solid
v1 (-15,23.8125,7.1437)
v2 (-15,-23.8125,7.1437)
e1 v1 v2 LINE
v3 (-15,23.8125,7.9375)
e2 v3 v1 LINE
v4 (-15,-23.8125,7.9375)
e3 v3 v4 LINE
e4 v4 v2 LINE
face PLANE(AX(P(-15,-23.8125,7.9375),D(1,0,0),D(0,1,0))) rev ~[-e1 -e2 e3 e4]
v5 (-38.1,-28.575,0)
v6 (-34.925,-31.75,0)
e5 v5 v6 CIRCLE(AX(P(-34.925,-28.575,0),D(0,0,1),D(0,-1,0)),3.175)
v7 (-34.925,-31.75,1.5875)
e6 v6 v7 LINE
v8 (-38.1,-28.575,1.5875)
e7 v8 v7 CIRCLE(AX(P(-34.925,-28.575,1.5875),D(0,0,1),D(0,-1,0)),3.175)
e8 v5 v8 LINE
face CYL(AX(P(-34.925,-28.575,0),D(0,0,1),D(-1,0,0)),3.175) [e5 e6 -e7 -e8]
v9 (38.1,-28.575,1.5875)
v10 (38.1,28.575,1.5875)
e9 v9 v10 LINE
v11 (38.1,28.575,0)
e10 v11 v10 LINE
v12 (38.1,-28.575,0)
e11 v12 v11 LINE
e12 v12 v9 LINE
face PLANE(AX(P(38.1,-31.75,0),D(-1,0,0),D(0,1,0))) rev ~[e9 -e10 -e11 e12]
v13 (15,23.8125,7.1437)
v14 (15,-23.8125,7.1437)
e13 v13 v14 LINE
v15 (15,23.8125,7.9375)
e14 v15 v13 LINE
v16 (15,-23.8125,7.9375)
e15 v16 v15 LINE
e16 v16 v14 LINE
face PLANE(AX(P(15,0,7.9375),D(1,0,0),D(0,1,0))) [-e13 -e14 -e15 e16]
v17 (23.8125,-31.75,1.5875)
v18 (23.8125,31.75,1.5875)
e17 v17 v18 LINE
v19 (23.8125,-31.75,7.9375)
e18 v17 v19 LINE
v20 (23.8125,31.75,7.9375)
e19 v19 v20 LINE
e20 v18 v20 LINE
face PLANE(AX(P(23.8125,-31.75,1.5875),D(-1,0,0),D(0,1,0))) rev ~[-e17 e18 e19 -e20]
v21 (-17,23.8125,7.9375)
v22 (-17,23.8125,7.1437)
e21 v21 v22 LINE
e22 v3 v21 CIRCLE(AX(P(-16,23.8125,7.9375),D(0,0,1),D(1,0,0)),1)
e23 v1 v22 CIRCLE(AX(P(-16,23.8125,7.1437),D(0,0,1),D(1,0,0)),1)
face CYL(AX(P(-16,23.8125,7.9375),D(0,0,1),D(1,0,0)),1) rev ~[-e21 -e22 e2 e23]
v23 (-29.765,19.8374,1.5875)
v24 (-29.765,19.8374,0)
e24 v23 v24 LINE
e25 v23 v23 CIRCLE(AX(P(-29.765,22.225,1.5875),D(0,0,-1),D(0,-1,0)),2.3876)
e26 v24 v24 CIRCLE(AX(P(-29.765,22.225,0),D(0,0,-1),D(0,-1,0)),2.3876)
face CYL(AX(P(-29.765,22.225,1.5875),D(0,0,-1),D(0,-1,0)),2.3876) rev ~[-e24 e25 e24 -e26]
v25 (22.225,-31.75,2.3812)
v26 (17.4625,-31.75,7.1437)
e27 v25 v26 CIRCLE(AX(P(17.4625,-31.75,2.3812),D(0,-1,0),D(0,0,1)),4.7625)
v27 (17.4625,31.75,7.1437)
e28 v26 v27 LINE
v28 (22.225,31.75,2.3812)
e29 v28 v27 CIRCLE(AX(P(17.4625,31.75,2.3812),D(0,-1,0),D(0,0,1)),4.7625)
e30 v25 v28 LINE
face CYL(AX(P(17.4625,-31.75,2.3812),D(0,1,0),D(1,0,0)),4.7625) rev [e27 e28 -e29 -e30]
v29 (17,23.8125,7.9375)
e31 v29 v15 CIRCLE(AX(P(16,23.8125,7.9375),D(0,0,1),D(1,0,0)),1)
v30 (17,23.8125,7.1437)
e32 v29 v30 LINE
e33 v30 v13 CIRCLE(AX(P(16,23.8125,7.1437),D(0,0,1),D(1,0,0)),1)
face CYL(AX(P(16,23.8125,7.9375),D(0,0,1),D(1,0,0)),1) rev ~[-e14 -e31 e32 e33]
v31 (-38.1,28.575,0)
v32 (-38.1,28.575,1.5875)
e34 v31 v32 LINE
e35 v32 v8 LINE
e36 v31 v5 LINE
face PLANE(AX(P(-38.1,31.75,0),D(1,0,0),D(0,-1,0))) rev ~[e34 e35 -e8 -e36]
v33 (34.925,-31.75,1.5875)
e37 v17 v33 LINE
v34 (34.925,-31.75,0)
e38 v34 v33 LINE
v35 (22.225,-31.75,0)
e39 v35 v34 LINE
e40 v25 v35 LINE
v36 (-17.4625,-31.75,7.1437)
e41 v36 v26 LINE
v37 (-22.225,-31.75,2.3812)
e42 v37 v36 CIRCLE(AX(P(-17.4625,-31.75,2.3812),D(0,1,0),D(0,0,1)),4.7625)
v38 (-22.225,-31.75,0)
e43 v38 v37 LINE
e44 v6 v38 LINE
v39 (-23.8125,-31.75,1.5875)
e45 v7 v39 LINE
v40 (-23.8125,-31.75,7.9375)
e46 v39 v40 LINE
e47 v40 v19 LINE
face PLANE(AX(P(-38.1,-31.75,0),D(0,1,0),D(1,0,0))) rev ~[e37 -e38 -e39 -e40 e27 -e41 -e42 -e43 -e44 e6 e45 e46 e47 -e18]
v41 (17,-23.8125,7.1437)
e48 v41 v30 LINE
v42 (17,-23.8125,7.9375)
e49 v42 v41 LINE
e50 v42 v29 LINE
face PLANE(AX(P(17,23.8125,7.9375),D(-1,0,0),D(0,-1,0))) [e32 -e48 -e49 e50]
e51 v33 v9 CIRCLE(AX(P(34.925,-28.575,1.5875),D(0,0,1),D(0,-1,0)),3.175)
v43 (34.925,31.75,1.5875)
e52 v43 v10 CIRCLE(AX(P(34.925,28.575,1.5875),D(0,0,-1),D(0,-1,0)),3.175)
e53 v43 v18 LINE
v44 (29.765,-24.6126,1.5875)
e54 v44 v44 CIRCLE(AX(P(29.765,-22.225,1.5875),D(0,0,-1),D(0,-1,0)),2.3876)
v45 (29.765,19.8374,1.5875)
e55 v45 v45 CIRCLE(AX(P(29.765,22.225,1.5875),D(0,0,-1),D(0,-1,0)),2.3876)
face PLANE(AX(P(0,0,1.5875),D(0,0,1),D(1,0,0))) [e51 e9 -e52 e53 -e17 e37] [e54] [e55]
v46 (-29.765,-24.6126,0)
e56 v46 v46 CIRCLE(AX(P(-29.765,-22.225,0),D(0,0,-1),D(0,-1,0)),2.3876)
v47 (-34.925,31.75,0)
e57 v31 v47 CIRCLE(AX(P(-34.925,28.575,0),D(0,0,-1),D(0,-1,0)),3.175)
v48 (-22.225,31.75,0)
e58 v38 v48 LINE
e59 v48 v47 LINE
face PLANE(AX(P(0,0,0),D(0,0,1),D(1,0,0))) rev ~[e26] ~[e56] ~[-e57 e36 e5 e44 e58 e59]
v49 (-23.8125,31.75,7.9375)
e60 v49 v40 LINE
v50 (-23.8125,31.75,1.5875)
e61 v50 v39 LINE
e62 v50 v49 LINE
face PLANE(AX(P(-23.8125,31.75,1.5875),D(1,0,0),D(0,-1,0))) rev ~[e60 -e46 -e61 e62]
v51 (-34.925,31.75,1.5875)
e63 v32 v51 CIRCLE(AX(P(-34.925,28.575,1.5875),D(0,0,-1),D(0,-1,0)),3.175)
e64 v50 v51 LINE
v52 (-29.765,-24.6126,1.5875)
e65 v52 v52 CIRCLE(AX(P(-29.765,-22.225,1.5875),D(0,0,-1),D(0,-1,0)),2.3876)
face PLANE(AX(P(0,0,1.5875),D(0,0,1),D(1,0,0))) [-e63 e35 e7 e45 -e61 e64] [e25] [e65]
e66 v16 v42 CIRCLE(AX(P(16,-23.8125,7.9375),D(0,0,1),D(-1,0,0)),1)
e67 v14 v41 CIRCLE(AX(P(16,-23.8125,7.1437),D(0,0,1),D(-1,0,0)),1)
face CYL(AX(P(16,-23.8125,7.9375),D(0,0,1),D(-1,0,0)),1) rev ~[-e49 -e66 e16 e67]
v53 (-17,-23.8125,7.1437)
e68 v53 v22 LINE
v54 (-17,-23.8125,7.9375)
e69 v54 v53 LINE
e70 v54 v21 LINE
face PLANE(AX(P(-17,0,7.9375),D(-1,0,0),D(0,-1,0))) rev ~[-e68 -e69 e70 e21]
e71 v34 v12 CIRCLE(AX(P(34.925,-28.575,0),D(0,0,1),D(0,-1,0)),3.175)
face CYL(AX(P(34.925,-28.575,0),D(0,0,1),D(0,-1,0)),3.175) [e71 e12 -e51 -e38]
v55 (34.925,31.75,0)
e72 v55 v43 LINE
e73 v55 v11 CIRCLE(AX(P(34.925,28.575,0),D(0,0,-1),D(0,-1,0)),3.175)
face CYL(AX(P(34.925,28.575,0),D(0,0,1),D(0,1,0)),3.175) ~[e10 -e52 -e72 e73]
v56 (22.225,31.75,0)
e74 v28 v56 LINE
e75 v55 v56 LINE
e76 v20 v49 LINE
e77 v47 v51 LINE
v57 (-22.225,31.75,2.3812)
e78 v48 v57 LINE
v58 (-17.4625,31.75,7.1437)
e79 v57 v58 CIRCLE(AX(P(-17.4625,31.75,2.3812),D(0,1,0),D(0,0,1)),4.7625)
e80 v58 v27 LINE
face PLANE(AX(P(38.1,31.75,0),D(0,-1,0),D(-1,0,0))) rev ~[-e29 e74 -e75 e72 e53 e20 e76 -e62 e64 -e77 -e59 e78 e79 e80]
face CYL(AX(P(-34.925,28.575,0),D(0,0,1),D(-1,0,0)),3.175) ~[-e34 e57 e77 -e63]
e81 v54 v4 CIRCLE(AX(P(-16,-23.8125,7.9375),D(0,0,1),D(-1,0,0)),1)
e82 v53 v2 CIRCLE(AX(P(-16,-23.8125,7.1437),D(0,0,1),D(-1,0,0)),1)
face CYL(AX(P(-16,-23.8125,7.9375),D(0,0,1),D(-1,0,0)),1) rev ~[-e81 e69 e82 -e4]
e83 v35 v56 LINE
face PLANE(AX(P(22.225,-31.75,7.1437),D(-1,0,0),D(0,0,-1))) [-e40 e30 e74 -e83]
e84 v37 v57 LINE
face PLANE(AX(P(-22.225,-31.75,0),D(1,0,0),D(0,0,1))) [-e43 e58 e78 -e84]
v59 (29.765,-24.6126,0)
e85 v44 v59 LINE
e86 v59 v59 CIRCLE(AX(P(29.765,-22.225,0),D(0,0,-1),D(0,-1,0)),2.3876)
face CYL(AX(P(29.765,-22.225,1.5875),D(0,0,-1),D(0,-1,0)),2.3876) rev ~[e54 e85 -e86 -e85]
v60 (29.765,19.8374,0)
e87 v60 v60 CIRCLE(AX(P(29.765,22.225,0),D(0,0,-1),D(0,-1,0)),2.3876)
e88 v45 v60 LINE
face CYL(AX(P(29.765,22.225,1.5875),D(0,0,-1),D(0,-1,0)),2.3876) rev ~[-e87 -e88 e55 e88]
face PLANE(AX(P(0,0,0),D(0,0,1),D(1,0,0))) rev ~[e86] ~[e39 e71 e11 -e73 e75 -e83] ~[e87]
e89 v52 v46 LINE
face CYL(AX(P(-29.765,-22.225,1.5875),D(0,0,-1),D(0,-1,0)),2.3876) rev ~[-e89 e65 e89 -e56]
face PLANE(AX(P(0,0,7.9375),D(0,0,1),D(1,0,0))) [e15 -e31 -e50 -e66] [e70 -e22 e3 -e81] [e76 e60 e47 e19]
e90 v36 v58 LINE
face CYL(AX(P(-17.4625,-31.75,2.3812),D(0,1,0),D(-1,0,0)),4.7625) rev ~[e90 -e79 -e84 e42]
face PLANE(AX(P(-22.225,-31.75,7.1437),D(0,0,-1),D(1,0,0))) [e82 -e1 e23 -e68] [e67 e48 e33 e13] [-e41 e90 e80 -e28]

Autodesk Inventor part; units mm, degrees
ref_plane "YZ Plane" through (0, 0, 0) normal (1, 0, 0) x (0, 1, 0)
ref_plane "XZ Plane" through (0, 0, 0) normal (0, 1, 0) x (-1, 0, 0)
ref_plane "XY Plane" through (0, 0, 0) normal (0, 0, 1) x (1, 0, 0)
sketch "Sketch1" plane through (0, 0, 0) normal (0, 0, 1) x (1, 0, 0)
  line L0 (-38.1, -31.75) -> (38.1, -31.75)
  line L1 (38.1, -31.75) -> (38.1, 31.75)
  line L2 (38.1, 31.75) -> (-38.1, 31.75)
  line L3 (-38.1, 31.75) -> (-38.1, -31.75)
  line L4 (-38.1, -31.75) -> (38.1, 31.75) construction
  line L5 (38.1, -31.75) -> (-38.1, 31.75) construction
  point P0 (0, 0)
  dimension "d0" = 76.2
  dimension "d1" = 63.5
extrude "Extrusion1" add sketch "Sketch1" along normal blind 1.5875
sketch "Sketch2" plane through (0, 0, 1.5875) normal (0, 0, 1) x (1, 0, 0)
  line L0 (0, -44.45) -> (0, 44.45) projected
  line L1 (-53.34, 0) -> (53.34, 0) projected
  line L2 (38.1, 31.75) -> (-38.1, 31.75) projected
  point P0 (0, 0)
  point P1 (-29.765, 22.225)
  point P2 (29.765, 22.225)
  point P3 (29.765, -22.225)
  point P4 (-29.765, -22.225)
  dimension "d4" = 59.53
  dimension "d5" = 9.525
hole "Hole1" at (-29.765, -22.225, 1.5875) at (-29.765, 22.225, 1.5875) at (29.765, 22.225, 1.5875) at (29.765, -22.225, 1.5875) direction (0, 0, -1) diameter 4.7752 end through all
sketch "Sketch4" plane through (0, 0, 1.5875) normal (0, 0, 1) x (1, 0, 0)
  line L0 (38.1, 31.75) -> (-38.1, 31.75) projected
  line L1 (-23.8125, -31.75) -> (23.8125, -31.75)
  line L2 (23.8125, -31.75) -> (23.8125, 31.75)
  line L3 (23.8125, 31.75) -> (-23.8125, 31.75)
  line L4 (-23.8125, 31.75) -> (-23.8125, -31.75)
  line L5 (-23.8125, -31.75) -> (23.8125, 31.75) construction
  line L6 (23.8125, -31.75) -> (-23.8125, 31.75) construction
  point P0 (0, 0)
  point P1 (-23.8125, 31.75)
  dimension "d13" = 47.625
extrude "Extrusion2" add sketch "Sketch4" along normal blind 6.35
sketch "Sketch5" plane through (-38.1, -31.75, 0) normal (0, -1, 0) x (1, 0, 0)
  line L0 (76.2, 0) -> (0, 0) projected
  line L1 (15.875, 7.1437) -> (60.325, 7.1437)
  line L2 (60.325, 7.1437) -> (60.325, 0)
  line L3 (60.325, 0) -> (15.875, 0)
  line L4 (15.875, 0) -> (15.875, 7.1437)
  line L5 (14.2875, 7.9375) -> (61.9125, 7.9375) projected
  line L6 (14.2875, 1.5875) -> (14.2875, 7.9375) projected
  line L7 (61.9125, 1.5875) -> (61.9125, 7.9375) projected
  point P0 (38.1, 0)
  dimension "d16" = 0.7937
  dimension "d17" = 1.5875
  dimension "d18" = 1.5875
extrude "Extrusion3" cut sketch "Sketch5" along normal through all both and the other way through all
sketch "Sketch6" plane through (0, 0, 7.9375) normal (0, 0, 1) x (1, 0, 0)
  line L0 (-16, -23.8125) -> (-16, 23.8125) construction
  line L1 (-15, -23.8125) -> (-15, 23.8125)
  line L2 (-17, 23.8125) -> (-17, -23.8125)
  arc A0 (-17, -23.8125) -> (-15, -23.8125) centre (-16, -23.8125) ccw
  arc A1 (-15, 23.8125) -> (-17, 23.8125) centre (-16, 23.8125) ccw
  line L3 (16, -23.8125) -> (16, 23.8125) construction
  line L4 (15, -23.8125) -> (15, 23.8125)
  line L5 (17, 23.8125) -> (17, -23.8125)
  arc A2 (15, -23.8125) -> (17, -23.8125) centre (16, -23.8125) ccw
  arc A3 (17, 23.8125) -> (15, 23.8125) centre (16, 23.8125) ccw
  line L6 (0, -44.45) -> (0, 44.45) projected
  line L7 (-53.34, 0) -> (53.34, 0) projected
  line L8 (23.8125, 31.75) -> (-23.8125, 31.75) projected
  point P0 (0, 0)
  point P1 (-16, 0)
  point P2 (16, 0)
  dimension "d21" = 32
  dimension "d22" = 2
  dimension "d23" = 7.9375
extrude "Extrusion4" cut sketch "Sketch6" against normal through all
fillet "Fillet1" radius 3.175 4 edges at (-38.1, 31.75, 0.7937) (-38.1, -31.75, 0.7937) (38.1, -31.75, 0.7937) (38.1, 31.75, 0.7937)
fillet "Fillet2" radius 4.7625 2 edges at (-22.225, 0, 7.1437) (22.225, 0, 7.1437)
properties part number "RC_CAR_LIDAR_PLATE"
